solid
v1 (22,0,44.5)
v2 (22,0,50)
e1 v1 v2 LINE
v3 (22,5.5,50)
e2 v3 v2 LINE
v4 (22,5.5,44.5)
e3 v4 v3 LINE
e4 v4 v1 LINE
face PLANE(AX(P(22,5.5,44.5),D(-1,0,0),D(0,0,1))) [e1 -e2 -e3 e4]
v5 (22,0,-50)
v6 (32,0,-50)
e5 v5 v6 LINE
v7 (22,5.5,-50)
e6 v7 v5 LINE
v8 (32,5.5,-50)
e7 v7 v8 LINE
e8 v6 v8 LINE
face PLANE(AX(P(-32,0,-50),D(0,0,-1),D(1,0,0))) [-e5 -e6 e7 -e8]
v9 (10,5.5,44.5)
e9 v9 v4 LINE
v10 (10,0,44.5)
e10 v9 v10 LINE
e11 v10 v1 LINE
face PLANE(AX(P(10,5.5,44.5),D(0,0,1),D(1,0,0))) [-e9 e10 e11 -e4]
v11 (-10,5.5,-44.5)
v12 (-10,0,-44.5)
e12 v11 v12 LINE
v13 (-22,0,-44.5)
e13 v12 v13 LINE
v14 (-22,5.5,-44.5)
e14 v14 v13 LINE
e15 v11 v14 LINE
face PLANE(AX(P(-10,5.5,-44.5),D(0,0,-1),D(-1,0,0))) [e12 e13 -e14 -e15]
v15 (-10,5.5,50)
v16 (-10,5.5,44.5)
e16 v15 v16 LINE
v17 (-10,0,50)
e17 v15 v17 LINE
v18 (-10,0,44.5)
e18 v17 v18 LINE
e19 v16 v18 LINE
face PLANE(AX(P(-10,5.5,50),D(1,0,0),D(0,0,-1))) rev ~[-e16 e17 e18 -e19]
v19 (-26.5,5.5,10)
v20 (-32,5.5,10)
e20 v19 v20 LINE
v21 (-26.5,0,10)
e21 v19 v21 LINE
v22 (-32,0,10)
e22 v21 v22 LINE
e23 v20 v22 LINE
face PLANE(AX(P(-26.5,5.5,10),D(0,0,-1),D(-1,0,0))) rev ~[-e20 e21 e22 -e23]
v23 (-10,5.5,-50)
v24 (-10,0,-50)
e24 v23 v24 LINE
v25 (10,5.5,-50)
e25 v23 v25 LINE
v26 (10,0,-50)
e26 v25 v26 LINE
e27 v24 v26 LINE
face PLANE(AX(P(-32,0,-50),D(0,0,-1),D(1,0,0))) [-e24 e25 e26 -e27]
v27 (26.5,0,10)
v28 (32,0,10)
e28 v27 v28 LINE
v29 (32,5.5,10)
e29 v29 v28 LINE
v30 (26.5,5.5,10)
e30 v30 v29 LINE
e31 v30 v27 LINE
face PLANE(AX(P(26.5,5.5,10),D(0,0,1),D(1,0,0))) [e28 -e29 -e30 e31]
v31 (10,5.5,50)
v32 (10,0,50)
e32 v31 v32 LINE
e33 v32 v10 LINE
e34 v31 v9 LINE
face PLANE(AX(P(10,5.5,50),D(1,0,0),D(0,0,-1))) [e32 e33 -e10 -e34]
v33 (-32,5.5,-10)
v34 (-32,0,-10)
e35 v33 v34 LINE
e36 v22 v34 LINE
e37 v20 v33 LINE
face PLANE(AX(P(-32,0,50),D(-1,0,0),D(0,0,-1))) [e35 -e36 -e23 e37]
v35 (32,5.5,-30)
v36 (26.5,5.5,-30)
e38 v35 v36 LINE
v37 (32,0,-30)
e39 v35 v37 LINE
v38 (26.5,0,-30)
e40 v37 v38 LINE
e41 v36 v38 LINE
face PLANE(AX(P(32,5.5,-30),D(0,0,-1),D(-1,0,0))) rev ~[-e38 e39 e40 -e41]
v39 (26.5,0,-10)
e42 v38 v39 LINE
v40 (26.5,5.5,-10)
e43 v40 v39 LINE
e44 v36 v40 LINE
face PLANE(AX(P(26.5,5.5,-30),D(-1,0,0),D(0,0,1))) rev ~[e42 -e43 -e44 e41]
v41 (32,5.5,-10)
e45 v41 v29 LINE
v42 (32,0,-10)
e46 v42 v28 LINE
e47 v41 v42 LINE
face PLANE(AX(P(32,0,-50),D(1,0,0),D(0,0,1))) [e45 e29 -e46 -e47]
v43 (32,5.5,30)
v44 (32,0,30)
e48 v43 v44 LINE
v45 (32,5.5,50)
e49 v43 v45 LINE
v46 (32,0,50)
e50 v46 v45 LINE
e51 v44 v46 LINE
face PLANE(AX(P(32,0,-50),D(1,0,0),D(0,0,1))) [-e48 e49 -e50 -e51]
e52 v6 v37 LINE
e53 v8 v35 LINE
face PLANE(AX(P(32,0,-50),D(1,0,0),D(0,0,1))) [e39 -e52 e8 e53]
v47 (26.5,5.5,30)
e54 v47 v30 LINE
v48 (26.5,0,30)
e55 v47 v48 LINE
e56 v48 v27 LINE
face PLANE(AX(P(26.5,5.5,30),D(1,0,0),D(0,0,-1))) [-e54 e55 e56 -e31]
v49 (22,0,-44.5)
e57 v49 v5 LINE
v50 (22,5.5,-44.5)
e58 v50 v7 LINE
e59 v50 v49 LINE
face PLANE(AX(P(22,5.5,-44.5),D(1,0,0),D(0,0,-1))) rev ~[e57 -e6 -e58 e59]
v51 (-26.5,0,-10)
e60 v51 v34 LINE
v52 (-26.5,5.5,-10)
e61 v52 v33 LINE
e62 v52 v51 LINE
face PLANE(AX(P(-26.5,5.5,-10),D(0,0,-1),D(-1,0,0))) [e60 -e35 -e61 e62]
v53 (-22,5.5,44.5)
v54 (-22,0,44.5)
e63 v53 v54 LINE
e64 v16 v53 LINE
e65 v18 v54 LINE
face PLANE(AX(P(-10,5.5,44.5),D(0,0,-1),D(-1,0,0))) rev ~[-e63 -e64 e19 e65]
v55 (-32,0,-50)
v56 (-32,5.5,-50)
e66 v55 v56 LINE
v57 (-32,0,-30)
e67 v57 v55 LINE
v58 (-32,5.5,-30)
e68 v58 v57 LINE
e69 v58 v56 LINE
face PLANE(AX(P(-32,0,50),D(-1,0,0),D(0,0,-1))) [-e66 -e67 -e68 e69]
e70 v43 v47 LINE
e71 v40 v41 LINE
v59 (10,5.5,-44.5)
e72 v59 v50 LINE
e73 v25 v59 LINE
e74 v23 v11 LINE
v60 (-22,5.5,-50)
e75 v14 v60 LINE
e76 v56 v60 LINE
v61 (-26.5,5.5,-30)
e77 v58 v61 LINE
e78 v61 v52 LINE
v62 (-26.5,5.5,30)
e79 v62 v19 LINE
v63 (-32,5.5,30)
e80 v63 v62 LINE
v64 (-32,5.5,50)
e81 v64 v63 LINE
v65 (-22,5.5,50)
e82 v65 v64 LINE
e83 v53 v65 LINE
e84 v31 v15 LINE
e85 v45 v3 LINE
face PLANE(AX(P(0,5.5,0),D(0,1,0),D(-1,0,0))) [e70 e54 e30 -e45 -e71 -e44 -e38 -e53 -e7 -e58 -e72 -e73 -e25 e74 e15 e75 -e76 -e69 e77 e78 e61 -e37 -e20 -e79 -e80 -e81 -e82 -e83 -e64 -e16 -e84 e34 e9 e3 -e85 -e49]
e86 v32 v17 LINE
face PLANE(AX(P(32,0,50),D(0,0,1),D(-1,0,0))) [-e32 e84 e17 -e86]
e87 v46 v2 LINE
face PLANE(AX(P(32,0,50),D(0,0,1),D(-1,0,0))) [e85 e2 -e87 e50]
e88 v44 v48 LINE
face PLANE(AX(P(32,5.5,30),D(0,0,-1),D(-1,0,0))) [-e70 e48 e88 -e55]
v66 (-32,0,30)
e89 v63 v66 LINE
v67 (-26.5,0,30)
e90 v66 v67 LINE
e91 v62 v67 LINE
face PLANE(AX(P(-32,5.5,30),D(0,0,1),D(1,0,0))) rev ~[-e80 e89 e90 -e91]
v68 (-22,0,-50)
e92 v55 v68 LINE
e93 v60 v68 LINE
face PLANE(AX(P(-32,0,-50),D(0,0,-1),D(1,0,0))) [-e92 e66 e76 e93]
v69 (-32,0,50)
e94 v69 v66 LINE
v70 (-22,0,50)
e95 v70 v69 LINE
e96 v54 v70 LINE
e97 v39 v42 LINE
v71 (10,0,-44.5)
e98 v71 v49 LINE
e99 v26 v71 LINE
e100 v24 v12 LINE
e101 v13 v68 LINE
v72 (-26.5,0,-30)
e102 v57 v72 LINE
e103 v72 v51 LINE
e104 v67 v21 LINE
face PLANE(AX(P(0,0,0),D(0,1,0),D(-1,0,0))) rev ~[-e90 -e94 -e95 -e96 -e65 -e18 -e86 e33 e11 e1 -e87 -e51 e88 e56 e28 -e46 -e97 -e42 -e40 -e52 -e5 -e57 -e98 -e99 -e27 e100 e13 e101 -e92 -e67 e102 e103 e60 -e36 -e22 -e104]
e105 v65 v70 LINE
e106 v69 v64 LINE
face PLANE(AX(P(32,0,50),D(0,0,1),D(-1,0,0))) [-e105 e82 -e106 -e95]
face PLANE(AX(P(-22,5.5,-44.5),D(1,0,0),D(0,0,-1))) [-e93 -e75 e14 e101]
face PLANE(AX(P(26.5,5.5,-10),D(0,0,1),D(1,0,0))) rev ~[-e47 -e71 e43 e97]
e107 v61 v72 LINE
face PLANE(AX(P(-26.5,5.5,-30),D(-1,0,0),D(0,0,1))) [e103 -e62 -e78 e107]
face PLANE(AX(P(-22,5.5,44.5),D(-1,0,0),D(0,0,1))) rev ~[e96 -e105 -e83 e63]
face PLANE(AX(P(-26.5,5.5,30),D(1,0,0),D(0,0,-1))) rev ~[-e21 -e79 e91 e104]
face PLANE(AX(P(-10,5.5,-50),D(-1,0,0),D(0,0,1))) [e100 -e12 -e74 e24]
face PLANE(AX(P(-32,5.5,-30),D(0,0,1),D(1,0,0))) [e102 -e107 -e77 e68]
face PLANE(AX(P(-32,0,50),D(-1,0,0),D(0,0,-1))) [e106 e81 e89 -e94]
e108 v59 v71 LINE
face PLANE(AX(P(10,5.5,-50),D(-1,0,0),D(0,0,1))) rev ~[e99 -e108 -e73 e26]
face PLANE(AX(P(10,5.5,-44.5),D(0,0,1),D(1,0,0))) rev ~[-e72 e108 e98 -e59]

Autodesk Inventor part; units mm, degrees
ref_plane "YZ Plane" through (0, 0, 0) normal (1, 0, 0) x (0, 1, 0)
ref_plane "XZ Plane" through (0, 0, 0) normal (0, 1, 0) x (-1, 0, 0)
ref_plane "XY Plane" through (0, 0, 0) normal (0, 0, 1) x (1, 0, 0)
sketch "Block1" plane through (0, 0, 0) normal (0, 0, 1) x (1, 0, 0)
  line L0 (-10.1, 50.1) -> (-10.1, 41.1)
  line L1 (-10.1, 41.1) -> (-21.9, 41.1)
  line L2 (-21.9, 41.1) -> (-21.9, 50.1)
  line L3 (-21.9, 50.1) -> (-35.6, 50.1)
  line L4 (-35.6, 50.1) -> (-35.6, 29.9)
  line L5 (-35.6, 29.9) -> (-26.6, 29.9)
  line L6 (-26.6, 29.9) -> (-26.6, 10.1)
  line L7 (-26.6, 10.1) -> (-35.6, 10.1)
  line L8 (-35.6, 10.1) -> (-35.6, -10.1)
  line L9 (-35.6, -10.1) -> (-26.6, -10.1)
  line L10 (-26.6, -10.1) -> (-26.6, -29.9)
  line L11 (-26.6, -29.9) -> (-35.6, -29.9)
  line L12 (-35.6, -29.9) -> (-35.6, -50.1)
  line L13 (-35.6, -50.1) -> (-21.9, -50.1)
  line L14 (-21.9, -50.1) -> (-21.9, -41.1)
  line L15 (-21.9, -41.1) -> (-10.1, -41.1)
  line L16 (-10.1, -41.1) -> (-10.1, -50.1)
  line L17 (-10.1, -50.1) -> (10.1, -50.1)
  line L18 (10.1, -50.1) -> (10.1, -41.1)
  line L19 (10.1, -41.1) -> (21.9, -41.1)
  line L20 (21.9, -41.1) -> (21.9, -50.1)
  line L21 (21.9, -50.1) -> (35.6, -50.1)
  line L22 (35.6, -50.1) -> (35.6, -29.9)
  line L23 (35.6, -29.9) -> (26.6, -29.9)
  line L24 (26.6, -29.9) -> (26.6, -10.1)
  line L25 (26.6, -10.1) -> (35.6, -10.1)
  line L26 (35.6, -10.1) -> (35.6, 10.1)
  line L27 (35.6, 10.1) -> (26.6, 10.1)
  line L28 (26.6, 10.1) -> (26.6, 29.9)
  line L29 (26.6, 29.9) -> (35.6, 29.9)
  line L30 (35.6, 29.9) -> (35.6, 50.1)
  line L31 (35.6, 50.1) -> (21.9, 50.1)
  line L32 (21.9, 50.1) -> (21.9, 41.1)
  line L33 (21.9, 41.1) -> (10.1, 41.1)
  line L34 (10.1, 41.1) -> (10.1, 50.1)
  line L35 (10.1, 50.1) -> (-10.1, 50.1)
  point P0 (0, 0)
sketch "Block2" plane through (0, 0, 0) normal (0, 0, 1) x (1, 0, 0)
  line L0 (-10.2, 50.2) -> (-10.2, 41.2)
  line L1 (-10.2, 41.2) -> (-21.8, 41.2)
  line L2 (-21.8, 41.2) -> (-21.8, 50.2)
  line L3 (-21.8, 50.2) -> (-35.7, 50.2)
  line L4 (-35.7, 50.2) -> (-35.7, 29.8)
  line L5 (-35.7, 29.8) -> (-26.7, 29.8)
  line L6 (-26.7, 29.8) -> (-26.7, 10.2)
  line L7 (-26.7, 10.2) -> (-35.7, 10.2)
  line L8 (-35.7, 10.2) -> (-35.7, -10.2)
  line L9 (-35.7, -10.2) -> (-26.7, -10.2)
  line L10 (-26.7, -10.2) -> (-26.7, -29.8)
  line L11 (-26.7, -29.8) -> (-35.7, -29.8)
  line L12 (-35.7, -29.8) -> (-35.7, -50.2)
  line L13 (-35.7, -50.2) -> (-21.8, -50.2)
  line L14 (-21.8, -50.2) -> (-21.8, -41.2)
  line L15 (-21.8, -41.2) -> (-10.2, -41.2)
  line L16 (-10.2, -41.2) -> (-10.2, -50.2)
  line L17 (-10.2, -50.2) -> (10.2, -50.2)
  line L18 (10.2, -50.2) -> (10.2, -41.2)
  line L19 (10.2, -41.2) -> (21.8, -41.2)
  line L20 (21.8, -41.2) -> (21.8, -50.2)
  line L21 (21.8, -50.2) -> (35.7, -50.2)
  line L22 (35.7, -50.2) -> (35.7, -29.8)
  line L23 (35.7, -29.8) -> (26.7, -29.8)
  line L24 (26.7, -29.8) -> (26.7, -10.2)
  line L25 (26.7, -10.2) -> (35.7, -10.2)
  line L26 (35.7, -10.2) -> (35.7, 10.2)
  line L27 (35.7, 10.2) -> (26.7, 10.2)
  line L28 (26.7, 10.2) -> (26.7, 29.8)
  line L29 (26.7, 29.8) -> (35.7, 29.8)
  line L30 (35.7, 29.8) -> (35.7, 50.2)
  line L31 (35.7, 50.2) -> (21.8, 50.2)
  line L32 (21.8, 50.2) -> (21.8, 41.2)
  line L33 (21.8, 41.2) -> (10.2, 41.2)
  line L34 (10.2, 41.2) -> (10.2, 50.2)
  line L35 (10.2, 50.2) -> (-10.2, 50.2)
  point P0 (0, 0)
sketch "Block3" plane through (0, 0, 0) normal (0, 0, 1) x (1, 0, 0)
  line L0 (-10.1, 50.1) -> (-10.1, 41.1)
  line L1 (-10.1, 41.1) -> (-21.9, 41.1)
  line L2 (-21.9, 41.1) -> (-21.9, 50.1)
  line L3 (-21.9, 50.1) -> (-35.6, 50.1)
  line L4 (-35.6, 50.1) -> (-35.6, 29.9)
  line L5 (-35.6, 29.9) -> (-26.6, 29.9)
  line L6 (-26.6, 29.9) -> (-26.6, 10.1)
  line L7 (-26.6, 10.1) -> (-35.6, 10.1)
  line L8 (-35.6, 10.1) -> (-35.6, -10.1)
  line L9 (-35.6, -10.1) -> (-26.6, -10.1)
  line L10 (-26.6, -10.1) -> (-26.6, -29.9)
  line L11 (-26.6, -29.9) -> (-35.6, -29.9)
  line L12 (-35.6, -29.9) -> (-35.6, -50.1)
  line L13 (-35.6, -50.1) -> (-21.9, -50.1)
  line L14 (-21.9, -50.1) -> (-21.9, -41.1)
  line L15 (-21.9, -41.1) -> (-10.1, -41.1)
  line L16 (-10.1, -41.1) -> (-10.1, -50.1)
  line L17 (-10.1, -50.1) -> (10.1, -50.1)
  line L18 (10.1, -50.1) -> (10.1, -41.1)
  line L19 (10.1, -41.1) -> (21.9, -41.1)
  line L20 (21.9, -41.1) -> (21.9, -50.1)
  line L21 (21.9, -50.1) -> (35.6, -50.1)
  line L22 (35.6, -50.1) -> (35.6, -29.9)
  line L23 (35.6, -29.9) -> (26.6, -29.9)
  line L24 (26.6, -29.9) -> (26.6, -10.1)
  line L25 (26.6, -10.1) -> (35.6, -10.1)
  line L26 (35.6, -10.1) -> (35.6, 10.1)
  line L27 (35.6, 10.1) -> (26.6, 10.1)
  line L28 (26.6, 10.1) -> (26.6, 29.9)
  line L29 (26.6, 29.9) -> (35.6, 29.9)
  line L30 (35.6, 29.9) -> (35.6, 50.1)
  line L31 (35.6, 50.1) -> (21.9, 50.1)
  line L32 (21.9, 50.1) -> (21.9, 41.1)
  line L33 (21.9, 41.1) -> (10.1, 41.1)
  line L34 (10.1, 41.1) -> (10.1, 50.1)
  line L35 (10.1, 50.1) -> (-10.1, 50.1)
  point P0 (0, 0)
sketch "Block4" plane through (0, 0, 0) normal (0, 0, 1) x (1, 0, 0)
  line L0 (-10.08, 50.08) -> (-10.08, 44.58)
  line L1 (-10.08, 44.58) -> (-21.92, 44.58)
  line L2 (-21.92, 44.58) -> (-21.92, 50.08)
  line L3 (-21.92, 50.08) -> (-32.08, 50.08)
  line L4 (-32.08, 50.08) -> (-32.08, 29.92)
  line L5 (-32.08, 29.92) -> (-26.58, 29.92)
  line L6 (-26.58, 29.92) -> (-26.58, 10.08)
  line L7 (-26.58, 10.08) -> (-32.08, 10.08)
  line L8 (-32.08, 10.08) -> (-32.08, -10.08)
  line L9 (-32.08, -10.08) -> (-26.58, -10.08)
  line L10 (-26.58, -10.08) -> (-26.58, -29.92)
  line L11 (-26.58, -29.92) -> (-32.08, -29.92)
  line L12 (-32.08, -29.92) -> (-32.08, -50.08)
  line L13 (-32.08, -50.08) -> (-21.92, -50.08)
  line L14 (-21.92, -50.08) -> (-21.92, -44.58)
  line L15 (-21.92, -44.58) -> (-10.08, -44.58)
  line L16 (-10.08, -44.58) -> (-10.08, -50.08)
  line L17 (-10.08, -50.08) -> (10.08, -50.08)
  line L18 (10.08, -50.08) -> (10.08, -44.58)
  line L19 (10.08, -44.58) -> (21.92, -44.58)
  line L20 (21.92, -44.58) -> (21.92, -50.08)
  line L21 (21.92, -50.08) -> (32.08, -50.08)
  line L22 (32.08, -50.08) -> (32.08, -29.92)
  line L23 (32.08, -29.92) -> (26.58, -29.92)
  line L24 (26.58, -29.92) -> (26.58, -10.08)
  line L25 (26.58, -10.08) -> (32.08, -10.08)
  line L26 (32.08, -10.08) -> (32.08, 10.08)
  line L27 (32.08, 10.08) -> (26.58, 10.08)
  line L28 (26.58, 10.08) -> (26.58, 29.92)
  line L29 (26.58, 29.92) -> (32.08, 29.92)
  line L30 (32.08, 29.92) -> (32.08, 50.08)
  line L31 (32.08, 50.08) -> (21.92, 50.08)
  line L32 (21.92, 50.08) -> (21.92, 44.58)
  line L33 (21.92, 44.58) -> (10.08, 44.58)
  line L34 (10.08, 44.58) -> (10.08, 50.08)
  line L35 (10.08, 50.08) -> (-10.08, 50.08)
  point P0 (0, 0)
sketch "Sketch1" plane through (0, 0, 0) normal (0, 1, 0) x (-1, 0, 0)
  line L0 (32, -50) -> (-32, -50)
  line L1 (-32, -50) -> (-32, 50)
  line L2 (-32, 50) -> (32, 50)
  line L3 (32, 50) -> (32, -50)
  line L4 (32, -50) -> (-32, 50) construction
  line L5 (-32, -50) -> (32, 50) construction
  point P0 (0, 0)
  dimension "d0" = 64
  dimension "d1" = 100
extrude "Extrusion1" add sketch "Sketch1" along normal blind 5.5
sketch "Sketch5" plane through (0, 5.5, 0) normal (0, 1, 0) x (1, 0, 0)
  line L0 (32, 50) -> (-32, 50) projected
  line L1 (-32, 50) -> (-32, -50) projected
  line L2 (-32, 30) -> (-26.5, 30)
  line L3 (-26.5, 30) -> (-26.5, 10)
  line L4 (-26.5, 10) -> (-32, 10)
  line L5 (-32, 10) -> (-32, 30)
  line L6 (-66.1027, 0) -> (147.4162, 0) projected
  line L7 (0, 70.495) -> (0, -72.2701) projected
  line L8 (-32, -30) -> (-26.5, -30)
  line L9 (-26.5, -30) -> (-26.5, -10)
  line L10 (-26.5, -10) -> (-32, -10)
  line L11 (-32, -10) -> (-32, -30)
  line L12 (32, 30) -> (26.5, 30)
  line L13 (26.5, 30) -> (26.5, 10)
  line L14 (26.5, 10) -> (32, 10)
  line L15 (32, 10) -> (32, 30)
  line L16 (32, -30) -> (26.5, -30)
  line L17 (26.5, -30) -> (26.5, -10)
  line L18 (26.5, -10) -> (32, -10)
  line L19 (32, -10) -> (32, -30)
  point P0 (0, 0)
  dimension "d12" = 20
  dimension "d13" = 20
  dimension "d14" = 5.5
extrude "Extrusion3" cut sketch "Sketch5" against normal through all contours L10 L9 L8 L1 | L2 L3 L4 L1 | L15 L14 L13 L12 | L16 L17 L18 L19
sketch "Sketch6" plane through (0, 5.5, 0) normal (0, 1, 0) x (1, 0, 0)
  line L0 (32, 50) -> (-32, 50) projected
  line L1 (-66.1027, 0) -> (147.4162, 0) projected
  line L2 (0, 70.495) -> (0, -72.2701) projected
  line L3 (-22, 50) -> (-10, 50)
  line L4 (-10, 50) -> (-10, 44.5)
  line L5 (-10, 44.5) -> (-22, 44.5)
  line L6 (-22, 44.5) -> (-22, 50)
  line L7 (22, 50) -> (10, 50)
  line L8 (10, 50) -> (10, 44.5)
  line L9 (10, 44.5) -> (22, 44.5)
  line L10 (22, 44.5) -> (22, 50)
  line L11 (-22, -50) -> (-10, -50)
  line L12 (-10, -50) -> (-10, -44.5)
  line L13 (-10, -44.5) -> (-22, -44.5)
  line L14 (-22, -44.5) -> (-22, -50)
  line L15 (10, -44.5) -> (22, -44.5)
  line L16 (22, -50) -> (10, -50)
  line L17 (10, -50) -> (10, -44.5)
  line L18 (22, -44.5) -> (22, -50)
  point P0 (0, 0)
  dimension "d17" = 5.5
  dimension "d18" = 12
  dimension "d19" = 20
extrude "Extrusion4" cut sketch "Sketch6" against normal through all
equation "\"d2\" = Wt"
equation "\"d14\" = Wt"
equation "\"d15\" = Wt"
equation "\"d17\" = Wt"
equation "\"d20\" = Wt"
equation "\"Wt\" = 5.5"
properties part number "holder_ceil_plate" material "Wood (Birch)"
